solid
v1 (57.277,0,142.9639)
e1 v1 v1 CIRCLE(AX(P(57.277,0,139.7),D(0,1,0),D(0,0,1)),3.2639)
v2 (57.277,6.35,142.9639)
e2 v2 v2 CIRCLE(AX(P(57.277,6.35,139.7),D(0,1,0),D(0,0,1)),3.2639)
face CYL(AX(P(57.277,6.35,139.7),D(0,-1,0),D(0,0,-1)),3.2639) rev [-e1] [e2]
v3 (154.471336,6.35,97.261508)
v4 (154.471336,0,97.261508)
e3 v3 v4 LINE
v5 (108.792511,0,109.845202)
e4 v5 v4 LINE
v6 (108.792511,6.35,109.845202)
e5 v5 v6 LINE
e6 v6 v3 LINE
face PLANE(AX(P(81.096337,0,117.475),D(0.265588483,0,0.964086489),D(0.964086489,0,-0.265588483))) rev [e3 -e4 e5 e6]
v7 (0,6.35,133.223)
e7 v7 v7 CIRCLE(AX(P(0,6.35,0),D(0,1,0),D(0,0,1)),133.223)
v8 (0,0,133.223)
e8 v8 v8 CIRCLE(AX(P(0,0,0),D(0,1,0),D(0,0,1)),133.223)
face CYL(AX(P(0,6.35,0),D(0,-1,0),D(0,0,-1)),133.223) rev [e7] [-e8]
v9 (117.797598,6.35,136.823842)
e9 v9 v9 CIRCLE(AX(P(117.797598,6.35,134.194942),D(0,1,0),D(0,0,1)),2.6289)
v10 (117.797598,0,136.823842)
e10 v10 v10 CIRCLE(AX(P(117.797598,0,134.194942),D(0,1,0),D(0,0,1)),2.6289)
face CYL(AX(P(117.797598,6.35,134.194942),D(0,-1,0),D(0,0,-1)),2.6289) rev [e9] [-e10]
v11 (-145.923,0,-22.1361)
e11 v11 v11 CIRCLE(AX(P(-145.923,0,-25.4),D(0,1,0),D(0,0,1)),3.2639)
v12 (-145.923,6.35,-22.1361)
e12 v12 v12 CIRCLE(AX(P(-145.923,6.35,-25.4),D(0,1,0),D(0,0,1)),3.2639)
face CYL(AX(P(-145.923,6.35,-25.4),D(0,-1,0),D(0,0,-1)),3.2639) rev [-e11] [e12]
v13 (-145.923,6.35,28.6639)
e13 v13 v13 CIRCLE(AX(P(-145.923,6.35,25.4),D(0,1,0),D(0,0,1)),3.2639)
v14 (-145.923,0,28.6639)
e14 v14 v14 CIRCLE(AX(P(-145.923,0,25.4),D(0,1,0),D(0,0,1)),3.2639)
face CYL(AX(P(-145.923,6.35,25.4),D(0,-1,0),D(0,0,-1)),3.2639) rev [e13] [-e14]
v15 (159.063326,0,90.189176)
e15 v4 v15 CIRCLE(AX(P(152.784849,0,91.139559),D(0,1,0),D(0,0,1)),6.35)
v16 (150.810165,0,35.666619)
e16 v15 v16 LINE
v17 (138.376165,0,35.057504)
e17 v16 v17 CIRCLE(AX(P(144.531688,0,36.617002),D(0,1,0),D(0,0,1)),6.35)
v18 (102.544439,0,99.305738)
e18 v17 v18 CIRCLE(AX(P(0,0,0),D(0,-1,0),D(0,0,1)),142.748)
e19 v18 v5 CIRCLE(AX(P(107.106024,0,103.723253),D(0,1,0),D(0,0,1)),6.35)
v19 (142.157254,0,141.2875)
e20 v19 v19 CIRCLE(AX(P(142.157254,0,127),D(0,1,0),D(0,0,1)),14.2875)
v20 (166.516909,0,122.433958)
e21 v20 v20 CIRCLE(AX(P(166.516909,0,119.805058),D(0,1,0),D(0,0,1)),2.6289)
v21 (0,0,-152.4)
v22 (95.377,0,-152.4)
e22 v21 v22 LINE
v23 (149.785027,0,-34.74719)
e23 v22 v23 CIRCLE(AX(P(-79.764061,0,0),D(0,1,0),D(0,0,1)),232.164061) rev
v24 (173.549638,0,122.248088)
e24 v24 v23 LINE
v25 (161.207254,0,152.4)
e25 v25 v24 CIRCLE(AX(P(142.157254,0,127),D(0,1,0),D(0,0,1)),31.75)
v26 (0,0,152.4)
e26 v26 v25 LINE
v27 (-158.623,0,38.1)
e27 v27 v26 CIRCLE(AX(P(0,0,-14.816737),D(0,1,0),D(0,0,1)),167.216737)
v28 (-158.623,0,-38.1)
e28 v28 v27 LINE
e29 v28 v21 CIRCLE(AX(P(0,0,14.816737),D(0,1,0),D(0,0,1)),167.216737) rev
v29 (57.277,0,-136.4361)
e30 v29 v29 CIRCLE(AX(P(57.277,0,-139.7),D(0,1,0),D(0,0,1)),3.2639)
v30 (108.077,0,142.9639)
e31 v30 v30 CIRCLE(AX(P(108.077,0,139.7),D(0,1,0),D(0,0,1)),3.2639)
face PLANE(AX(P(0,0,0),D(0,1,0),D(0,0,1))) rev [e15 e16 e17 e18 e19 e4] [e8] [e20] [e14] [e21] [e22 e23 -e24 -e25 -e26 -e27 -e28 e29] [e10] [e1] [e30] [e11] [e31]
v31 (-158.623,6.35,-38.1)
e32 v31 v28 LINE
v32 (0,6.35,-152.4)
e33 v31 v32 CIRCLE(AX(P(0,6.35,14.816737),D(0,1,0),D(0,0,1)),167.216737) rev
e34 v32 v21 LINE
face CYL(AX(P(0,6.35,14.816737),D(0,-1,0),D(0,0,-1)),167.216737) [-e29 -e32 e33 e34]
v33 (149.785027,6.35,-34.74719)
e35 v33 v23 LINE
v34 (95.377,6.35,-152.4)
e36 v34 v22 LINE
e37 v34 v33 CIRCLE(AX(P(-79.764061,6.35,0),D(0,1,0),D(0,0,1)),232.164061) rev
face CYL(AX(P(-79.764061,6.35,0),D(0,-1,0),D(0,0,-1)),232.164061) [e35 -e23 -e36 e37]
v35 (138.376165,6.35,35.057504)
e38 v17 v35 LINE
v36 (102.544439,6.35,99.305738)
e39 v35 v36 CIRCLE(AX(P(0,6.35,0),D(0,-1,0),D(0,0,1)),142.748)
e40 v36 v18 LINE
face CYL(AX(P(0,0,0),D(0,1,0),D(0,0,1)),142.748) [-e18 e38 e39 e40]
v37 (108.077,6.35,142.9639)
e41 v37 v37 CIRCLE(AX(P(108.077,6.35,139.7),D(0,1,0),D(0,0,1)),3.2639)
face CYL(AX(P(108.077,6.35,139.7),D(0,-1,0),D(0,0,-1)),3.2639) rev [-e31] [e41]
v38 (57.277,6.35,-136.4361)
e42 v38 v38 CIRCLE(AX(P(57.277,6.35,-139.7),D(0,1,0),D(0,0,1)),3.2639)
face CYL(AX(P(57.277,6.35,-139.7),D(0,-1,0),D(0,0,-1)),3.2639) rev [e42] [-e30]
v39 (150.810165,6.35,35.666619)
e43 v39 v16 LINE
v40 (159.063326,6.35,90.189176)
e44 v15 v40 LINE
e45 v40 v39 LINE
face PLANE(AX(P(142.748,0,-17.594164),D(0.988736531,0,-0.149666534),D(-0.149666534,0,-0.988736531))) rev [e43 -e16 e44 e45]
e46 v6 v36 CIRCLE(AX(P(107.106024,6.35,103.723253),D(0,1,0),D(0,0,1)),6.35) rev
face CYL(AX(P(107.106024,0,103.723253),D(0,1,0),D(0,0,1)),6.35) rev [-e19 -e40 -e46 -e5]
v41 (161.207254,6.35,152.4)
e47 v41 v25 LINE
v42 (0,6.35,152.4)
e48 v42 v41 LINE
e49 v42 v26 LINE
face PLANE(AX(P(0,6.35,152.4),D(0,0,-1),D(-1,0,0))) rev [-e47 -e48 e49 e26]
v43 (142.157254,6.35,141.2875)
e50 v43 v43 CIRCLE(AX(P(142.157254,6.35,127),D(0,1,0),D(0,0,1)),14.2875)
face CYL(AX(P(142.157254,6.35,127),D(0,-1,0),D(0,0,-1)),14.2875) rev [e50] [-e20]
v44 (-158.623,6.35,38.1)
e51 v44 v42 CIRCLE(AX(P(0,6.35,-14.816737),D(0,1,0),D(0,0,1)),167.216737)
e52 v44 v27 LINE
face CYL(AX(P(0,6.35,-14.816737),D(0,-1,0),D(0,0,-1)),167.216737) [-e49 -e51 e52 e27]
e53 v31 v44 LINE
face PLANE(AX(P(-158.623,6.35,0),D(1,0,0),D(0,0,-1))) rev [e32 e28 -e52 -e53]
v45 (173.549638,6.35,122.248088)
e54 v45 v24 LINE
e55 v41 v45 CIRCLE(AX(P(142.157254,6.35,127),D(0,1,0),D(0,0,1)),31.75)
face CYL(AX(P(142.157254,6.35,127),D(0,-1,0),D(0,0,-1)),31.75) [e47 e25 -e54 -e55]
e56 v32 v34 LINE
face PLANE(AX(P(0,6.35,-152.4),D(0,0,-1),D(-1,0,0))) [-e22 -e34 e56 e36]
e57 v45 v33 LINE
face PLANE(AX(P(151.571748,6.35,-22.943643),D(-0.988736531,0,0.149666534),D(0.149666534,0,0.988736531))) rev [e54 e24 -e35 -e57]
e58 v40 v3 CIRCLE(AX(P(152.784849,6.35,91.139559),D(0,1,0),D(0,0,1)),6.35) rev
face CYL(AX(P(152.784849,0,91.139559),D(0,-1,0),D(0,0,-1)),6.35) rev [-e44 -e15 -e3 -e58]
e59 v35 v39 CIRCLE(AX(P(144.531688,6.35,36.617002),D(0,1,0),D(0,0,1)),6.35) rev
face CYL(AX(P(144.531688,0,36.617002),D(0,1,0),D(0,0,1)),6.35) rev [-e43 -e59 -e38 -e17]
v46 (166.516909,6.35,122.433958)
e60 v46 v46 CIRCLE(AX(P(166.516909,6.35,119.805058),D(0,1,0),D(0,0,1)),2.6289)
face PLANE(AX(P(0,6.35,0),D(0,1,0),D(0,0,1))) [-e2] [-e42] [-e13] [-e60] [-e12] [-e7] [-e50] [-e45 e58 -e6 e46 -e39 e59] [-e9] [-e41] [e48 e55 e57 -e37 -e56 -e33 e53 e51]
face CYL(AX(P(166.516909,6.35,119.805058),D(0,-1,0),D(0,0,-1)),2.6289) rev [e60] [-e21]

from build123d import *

# Parameters (mm, degrees)
SKETCH1_R           = 3.2639
SKETCH1_R_2         = 133.223
SKETCH1_R_3         = 2.6289
SKETCH1_R_4         = 14.2875
BOSS_EXTRUDE1_DEPTH = 6.35
CUT_EXTRUDE1_DEPTH  = 6.35
FILLET1_R           = 6.35


with BuildPart() as part:
    # Sketch1 → Boss-Extrude1 (new body)
    with BuildSketch(Plane(origin=(0, 0, 0), x_dir=(1, 0, 0), z_dir=(0, 1, 0))):
        with BuildLine():
            Line((95.377, 152.4), (0, 152.4))
            ThreePointArc((0, 152.4), (-97.757028045, 120.848293921), (-158.623, 38.1))
            Line((-158.623, 38.1), (-158.623, -38.1))
            ThreePointArc((-158.623, -38.1), (-97.757028045, -120.848293921), (0, -152.4))
            Line((0, -152.4), (161.207253597, -152.4))
            ThreePointArc((161.207253597, -152.4), (171.540803487, -139.027863312), (173.54963847, -122.24808754))
            Line((173.54963847, -122.24808754), (149.785027389, 34.747190404))
            ThreePointArc((149.785027389, 34.747190404), (130.958683739, 97.447812085), (95.377, 152.4))
        make_face()
        with Locations(Location((108.077, -139.7, 0), (0, 0, 270))):
            Circle(SKETCH1_R, mode=Mode.SUBTRACT)
        with Locations(Location((-145.923, -25.4, 0), (0, 0, 270))):
            Circle(SKETCH1_R, mode=Mode.SUBTRACT)
        with Locations(Location((0, 0, 0), (0, 0, 270))):
            Circle(SKETCH1_R_2, mode=Mode.SUBTRACT)
        with Locations(Location((57.277, -139.7, 0), (0, 0, 270))):
            Circle(SKETCH1_R, mode=Mode.SUBTRACT)
        with Locations(Location((-145.923, 25.4, 0), (0, 0, 270))):
            Circle(SKETCH1_R, mode=Mode.SUBTRACT)
        with Locations(Location((57.277, 139.7, 0), (0, 0, 270))):
            Circle(SKETCH1_R, mode=Mode.SUBTRACT)
        with Locations(Location((166.516908963, -119.805057995, 0), (0, 0, 270))):
            Circle(SKETCH1_R_3, mode=Mode.SUBTRACT)
        with Locations(Location((117.797598231, -134.194942005, 0), (0, 0, 270))):
            Circle(SKETCH1_R_3, mode=Mode.SUBTRACT)
        with Locations(Location((142.157253597, -127, 0), (0, 0, 270))):
            Circle(SKETCH1_R_4, mode=Mode.SUBTRACT)
    extrude(amount=BOSS_EXTRUDE1_DEPTH)

    # Sketch2 → Cut-Extrude1 (cut)
    with BuildSketch(Plane(origin=(0, 6.35, 0), x_dir=(1, 0, 0), z_dir=(0, 1, 0))):
        with BuildLine():
            Line((81.096337026, -117.475), (159.907199476, -95.764025273))
            Line((159.907199476, -95.764025273), (142.748, 17.594164432))
            Line((142.748, 17.594164432), (142.748, 0))
            ThreePointArc((142.748, 0), (126.398835876, -66.33495152), (81.096337026, -117.475))
        make_face()
    extrude(amount=-CUT_EXTRUDE1_DEPTH, mode=Mode.SUBTRACT)

    # Fillet1
    fillet1_edges = [part.edges().sort_by_distance(p)[0] for p in [
        (81.096337026, 3.175, 117.475),
        (142.748, 3.175, -17.594164432),
        (159.907199476, 3.175, 95.764025273),
    ]]
    fillet(fillet1_edges, radius=FILLET1_R)


solid = part.part
